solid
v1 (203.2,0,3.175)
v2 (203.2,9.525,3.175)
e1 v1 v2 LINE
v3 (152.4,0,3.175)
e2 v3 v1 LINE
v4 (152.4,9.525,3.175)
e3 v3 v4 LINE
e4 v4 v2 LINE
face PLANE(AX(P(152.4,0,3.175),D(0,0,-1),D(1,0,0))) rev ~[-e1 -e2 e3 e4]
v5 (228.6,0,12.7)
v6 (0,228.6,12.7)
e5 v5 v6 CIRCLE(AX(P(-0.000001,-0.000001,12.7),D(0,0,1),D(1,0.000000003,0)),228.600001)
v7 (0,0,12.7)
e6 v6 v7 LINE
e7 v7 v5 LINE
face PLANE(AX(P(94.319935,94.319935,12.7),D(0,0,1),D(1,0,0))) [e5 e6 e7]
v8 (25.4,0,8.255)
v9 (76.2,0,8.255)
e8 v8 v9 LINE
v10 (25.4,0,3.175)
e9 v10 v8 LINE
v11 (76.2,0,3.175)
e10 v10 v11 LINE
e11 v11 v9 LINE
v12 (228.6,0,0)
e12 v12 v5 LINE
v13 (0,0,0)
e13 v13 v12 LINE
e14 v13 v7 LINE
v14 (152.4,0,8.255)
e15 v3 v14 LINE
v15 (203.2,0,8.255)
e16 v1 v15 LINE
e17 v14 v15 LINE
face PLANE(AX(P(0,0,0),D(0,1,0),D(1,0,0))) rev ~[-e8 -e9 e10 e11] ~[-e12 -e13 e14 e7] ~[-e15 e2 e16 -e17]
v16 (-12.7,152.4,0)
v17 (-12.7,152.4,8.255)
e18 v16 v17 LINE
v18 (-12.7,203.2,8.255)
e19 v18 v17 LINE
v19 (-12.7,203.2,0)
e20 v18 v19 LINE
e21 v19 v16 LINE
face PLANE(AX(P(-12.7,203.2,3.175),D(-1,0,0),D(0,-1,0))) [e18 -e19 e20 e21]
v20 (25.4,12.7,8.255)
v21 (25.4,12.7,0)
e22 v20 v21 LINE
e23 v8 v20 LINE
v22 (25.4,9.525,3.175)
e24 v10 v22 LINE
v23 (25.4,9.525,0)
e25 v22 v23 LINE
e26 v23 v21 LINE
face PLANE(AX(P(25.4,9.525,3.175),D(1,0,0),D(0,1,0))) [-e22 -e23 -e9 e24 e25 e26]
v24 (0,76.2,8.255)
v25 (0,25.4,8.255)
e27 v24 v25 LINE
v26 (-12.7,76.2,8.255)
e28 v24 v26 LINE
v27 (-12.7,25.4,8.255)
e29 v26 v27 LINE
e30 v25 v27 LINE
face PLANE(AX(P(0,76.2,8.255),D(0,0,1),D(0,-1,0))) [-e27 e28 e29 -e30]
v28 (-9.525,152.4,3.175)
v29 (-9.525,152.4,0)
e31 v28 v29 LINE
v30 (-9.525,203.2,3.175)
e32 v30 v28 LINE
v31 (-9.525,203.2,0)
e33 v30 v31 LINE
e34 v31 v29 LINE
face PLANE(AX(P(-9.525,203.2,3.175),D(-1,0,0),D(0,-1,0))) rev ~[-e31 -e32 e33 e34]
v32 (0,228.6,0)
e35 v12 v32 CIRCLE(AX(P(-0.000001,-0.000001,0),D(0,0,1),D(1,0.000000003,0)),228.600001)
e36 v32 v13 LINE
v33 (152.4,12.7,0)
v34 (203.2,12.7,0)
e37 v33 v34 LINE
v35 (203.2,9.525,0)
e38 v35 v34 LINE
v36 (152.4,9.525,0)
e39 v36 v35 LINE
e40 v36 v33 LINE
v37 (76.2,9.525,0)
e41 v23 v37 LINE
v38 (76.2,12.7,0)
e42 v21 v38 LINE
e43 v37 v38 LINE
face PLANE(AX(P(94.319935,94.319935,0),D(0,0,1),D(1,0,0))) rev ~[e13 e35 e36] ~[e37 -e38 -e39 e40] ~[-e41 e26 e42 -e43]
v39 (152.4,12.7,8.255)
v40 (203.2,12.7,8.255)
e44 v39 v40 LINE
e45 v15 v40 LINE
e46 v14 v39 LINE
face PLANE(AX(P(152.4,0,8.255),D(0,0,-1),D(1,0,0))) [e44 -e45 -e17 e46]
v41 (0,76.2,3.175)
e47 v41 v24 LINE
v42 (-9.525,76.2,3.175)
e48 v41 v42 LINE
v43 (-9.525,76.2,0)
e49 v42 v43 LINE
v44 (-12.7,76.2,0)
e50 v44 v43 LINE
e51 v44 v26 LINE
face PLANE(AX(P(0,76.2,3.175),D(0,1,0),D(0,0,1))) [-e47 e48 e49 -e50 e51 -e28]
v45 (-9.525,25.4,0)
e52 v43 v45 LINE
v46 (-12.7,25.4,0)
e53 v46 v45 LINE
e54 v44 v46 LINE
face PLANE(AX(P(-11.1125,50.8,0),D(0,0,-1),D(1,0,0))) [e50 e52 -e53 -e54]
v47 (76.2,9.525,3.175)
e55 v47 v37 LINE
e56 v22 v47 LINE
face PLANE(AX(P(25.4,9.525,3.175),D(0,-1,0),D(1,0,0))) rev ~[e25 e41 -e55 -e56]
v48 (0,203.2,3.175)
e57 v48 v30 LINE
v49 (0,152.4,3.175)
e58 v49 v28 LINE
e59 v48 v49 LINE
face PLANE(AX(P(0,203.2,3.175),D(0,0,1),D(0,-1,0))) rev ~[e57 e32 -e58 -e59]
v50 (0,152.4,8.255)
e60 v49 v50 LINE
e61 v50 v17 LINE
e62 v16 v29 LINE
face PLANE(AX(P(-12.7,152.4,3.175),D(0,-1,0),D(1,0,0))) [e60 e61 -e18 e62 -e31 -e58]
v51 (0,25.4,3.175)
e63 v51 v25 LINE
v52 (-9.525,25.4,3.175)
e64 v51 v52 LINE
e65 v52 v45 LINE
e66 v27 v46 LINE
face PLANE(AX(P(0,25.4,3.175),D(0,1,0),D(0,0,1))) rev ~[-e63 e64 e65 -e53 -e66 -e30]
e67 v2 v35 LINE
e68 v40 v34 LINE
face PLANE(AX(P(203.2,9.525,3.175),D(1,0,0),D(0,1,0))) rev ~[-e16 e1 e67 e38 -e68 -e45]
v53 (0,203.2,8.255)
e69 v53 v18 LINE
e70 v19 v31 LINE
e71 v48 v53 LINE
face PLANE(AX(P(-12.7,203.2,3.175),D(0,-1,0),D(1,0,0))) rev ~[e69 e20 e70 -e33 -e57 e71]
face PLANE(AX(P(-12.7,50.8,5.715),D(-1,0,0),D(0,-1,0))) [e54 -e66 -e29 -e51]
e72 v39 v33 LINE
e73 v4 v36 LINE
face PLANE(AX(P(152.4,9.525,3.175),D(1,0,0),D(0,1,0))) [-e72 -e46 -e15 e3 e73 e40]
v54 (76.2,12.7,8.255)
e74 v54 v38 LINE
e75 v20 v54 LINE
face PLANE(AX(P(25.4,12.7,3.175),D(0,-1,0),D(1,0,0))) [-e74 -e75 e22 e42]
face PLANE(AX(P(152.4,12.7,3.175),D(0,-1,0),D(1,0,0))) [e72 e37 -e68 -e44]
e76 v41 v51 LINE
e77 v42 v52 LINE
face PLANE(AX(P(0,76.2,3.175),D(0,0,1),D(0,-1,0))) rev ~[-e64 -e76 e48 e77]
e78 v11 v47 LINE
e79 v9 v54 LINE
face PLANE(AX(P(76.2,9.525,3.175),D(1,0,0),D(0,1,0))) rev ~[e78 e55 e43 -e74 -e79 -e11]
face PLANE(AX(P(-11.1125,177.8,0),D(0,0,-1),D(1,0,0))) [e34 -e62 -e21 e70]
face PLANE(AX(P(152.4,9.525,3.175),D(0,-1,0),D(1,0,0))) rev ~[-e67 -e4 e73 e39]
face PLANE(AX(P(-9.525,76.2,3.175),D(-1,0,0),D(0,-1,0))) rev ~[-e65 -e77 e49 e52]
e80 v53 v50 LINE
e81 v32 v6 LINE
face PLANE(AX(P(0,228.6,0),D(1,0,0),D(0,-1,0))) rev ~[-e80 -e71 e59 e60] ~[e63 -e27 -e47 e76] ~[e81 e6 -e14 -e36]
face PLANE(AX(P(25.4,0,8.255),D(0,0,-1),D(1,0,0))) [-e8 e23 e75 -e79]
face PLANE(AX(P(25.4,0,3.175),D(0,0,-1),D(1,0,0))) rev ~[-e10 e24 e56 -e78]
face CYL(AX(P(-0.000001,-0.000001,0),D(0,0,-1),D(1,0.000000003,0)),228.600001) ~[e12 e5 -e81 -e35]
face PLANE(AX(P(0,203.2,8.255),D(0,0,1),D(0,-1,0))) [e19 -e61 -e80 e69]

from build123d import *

# Parameters (mm, degrees)
F1_DEPTH = 12.7
F2_W     = 50.8
F2_H     = 5.08
F3_DEPTH = 12.7
F4_W     = 50.8
F4_H     = 5.08
F5_DEPTH = 12.7
F6_W     = 50.8
F6_H     = 3.175
F7_DEPTH = 3.176
F8_W     = 3.175
F8_H     = 50.8
F9_DEPTH = 3.175


with BuildPart() as f1:
    # F0 (on Top) → F1 (new body)
    with BuildSketch(Plane.XY):
        with BuildLine():
            Line((0, 228.6), (0, 0))
            Line((0, 0), (228.6, 0))
            ThreePointArc((228.6, 0), (161.64461, 161.64461), (0, 228.6))
        make_face()
    extrude(amount=F1_DEPTH)

    # F2 (on face) → F3 (cut)
    with BuildSketch(Plane.XZ):
        with Locations((50.8, 5.715)):
            Rectangle(F2_W, F2_H)
        with Locations((177.8, 5.715)):
            Rectangle(F2_W, F2_H)
    extrude(amount=-F3_DEPTH, mode=Mode.SUBTRACT)

    # F4 (on face) → F5 (join)
    with BuildSketch(Plane(origin=(0, 0, 0), x_dir=(0, -1, 0), z_dir=(-1, 0, 0))):
        with Locations((-50.8, 5.715)):
            Rectangle(F4_W, F4_H)
        with Locations((-177.8, 5.715)):
            Rectangle(F4_W, F4_H)
    extrude(amount=F5_DEPTH)

    # F6 (on face) → F7 (cut, through all)
    with BuildSketch(Plane.XY.offset(3.175)):
        with Locations((50.8, 11.1125)):
            Rectangle(F6_W, F6_H)
        with Locations((177.8, 11.1125)):
            Rectangle(F6_W, F6_H)
    extrude(amount=-F7_DEPTH, mode=Mode.SUBTRACT)

    # F8 (on face) → F9 (join)
    with BuildSketch(Plane(origin=(0, 0, 3.175), x_dir=(1, 0, 0), z_dir=(0, 0, -1))):
        with Locations((-11.1125, -177.8)):
            Rectangle(F8_W, F8_H)
        with Locations((-11.1125, -50.8)):
            Rectangle(F8_W, F8_H)
    extrude(amount=F9_DEPTH)


solid = f1.part
